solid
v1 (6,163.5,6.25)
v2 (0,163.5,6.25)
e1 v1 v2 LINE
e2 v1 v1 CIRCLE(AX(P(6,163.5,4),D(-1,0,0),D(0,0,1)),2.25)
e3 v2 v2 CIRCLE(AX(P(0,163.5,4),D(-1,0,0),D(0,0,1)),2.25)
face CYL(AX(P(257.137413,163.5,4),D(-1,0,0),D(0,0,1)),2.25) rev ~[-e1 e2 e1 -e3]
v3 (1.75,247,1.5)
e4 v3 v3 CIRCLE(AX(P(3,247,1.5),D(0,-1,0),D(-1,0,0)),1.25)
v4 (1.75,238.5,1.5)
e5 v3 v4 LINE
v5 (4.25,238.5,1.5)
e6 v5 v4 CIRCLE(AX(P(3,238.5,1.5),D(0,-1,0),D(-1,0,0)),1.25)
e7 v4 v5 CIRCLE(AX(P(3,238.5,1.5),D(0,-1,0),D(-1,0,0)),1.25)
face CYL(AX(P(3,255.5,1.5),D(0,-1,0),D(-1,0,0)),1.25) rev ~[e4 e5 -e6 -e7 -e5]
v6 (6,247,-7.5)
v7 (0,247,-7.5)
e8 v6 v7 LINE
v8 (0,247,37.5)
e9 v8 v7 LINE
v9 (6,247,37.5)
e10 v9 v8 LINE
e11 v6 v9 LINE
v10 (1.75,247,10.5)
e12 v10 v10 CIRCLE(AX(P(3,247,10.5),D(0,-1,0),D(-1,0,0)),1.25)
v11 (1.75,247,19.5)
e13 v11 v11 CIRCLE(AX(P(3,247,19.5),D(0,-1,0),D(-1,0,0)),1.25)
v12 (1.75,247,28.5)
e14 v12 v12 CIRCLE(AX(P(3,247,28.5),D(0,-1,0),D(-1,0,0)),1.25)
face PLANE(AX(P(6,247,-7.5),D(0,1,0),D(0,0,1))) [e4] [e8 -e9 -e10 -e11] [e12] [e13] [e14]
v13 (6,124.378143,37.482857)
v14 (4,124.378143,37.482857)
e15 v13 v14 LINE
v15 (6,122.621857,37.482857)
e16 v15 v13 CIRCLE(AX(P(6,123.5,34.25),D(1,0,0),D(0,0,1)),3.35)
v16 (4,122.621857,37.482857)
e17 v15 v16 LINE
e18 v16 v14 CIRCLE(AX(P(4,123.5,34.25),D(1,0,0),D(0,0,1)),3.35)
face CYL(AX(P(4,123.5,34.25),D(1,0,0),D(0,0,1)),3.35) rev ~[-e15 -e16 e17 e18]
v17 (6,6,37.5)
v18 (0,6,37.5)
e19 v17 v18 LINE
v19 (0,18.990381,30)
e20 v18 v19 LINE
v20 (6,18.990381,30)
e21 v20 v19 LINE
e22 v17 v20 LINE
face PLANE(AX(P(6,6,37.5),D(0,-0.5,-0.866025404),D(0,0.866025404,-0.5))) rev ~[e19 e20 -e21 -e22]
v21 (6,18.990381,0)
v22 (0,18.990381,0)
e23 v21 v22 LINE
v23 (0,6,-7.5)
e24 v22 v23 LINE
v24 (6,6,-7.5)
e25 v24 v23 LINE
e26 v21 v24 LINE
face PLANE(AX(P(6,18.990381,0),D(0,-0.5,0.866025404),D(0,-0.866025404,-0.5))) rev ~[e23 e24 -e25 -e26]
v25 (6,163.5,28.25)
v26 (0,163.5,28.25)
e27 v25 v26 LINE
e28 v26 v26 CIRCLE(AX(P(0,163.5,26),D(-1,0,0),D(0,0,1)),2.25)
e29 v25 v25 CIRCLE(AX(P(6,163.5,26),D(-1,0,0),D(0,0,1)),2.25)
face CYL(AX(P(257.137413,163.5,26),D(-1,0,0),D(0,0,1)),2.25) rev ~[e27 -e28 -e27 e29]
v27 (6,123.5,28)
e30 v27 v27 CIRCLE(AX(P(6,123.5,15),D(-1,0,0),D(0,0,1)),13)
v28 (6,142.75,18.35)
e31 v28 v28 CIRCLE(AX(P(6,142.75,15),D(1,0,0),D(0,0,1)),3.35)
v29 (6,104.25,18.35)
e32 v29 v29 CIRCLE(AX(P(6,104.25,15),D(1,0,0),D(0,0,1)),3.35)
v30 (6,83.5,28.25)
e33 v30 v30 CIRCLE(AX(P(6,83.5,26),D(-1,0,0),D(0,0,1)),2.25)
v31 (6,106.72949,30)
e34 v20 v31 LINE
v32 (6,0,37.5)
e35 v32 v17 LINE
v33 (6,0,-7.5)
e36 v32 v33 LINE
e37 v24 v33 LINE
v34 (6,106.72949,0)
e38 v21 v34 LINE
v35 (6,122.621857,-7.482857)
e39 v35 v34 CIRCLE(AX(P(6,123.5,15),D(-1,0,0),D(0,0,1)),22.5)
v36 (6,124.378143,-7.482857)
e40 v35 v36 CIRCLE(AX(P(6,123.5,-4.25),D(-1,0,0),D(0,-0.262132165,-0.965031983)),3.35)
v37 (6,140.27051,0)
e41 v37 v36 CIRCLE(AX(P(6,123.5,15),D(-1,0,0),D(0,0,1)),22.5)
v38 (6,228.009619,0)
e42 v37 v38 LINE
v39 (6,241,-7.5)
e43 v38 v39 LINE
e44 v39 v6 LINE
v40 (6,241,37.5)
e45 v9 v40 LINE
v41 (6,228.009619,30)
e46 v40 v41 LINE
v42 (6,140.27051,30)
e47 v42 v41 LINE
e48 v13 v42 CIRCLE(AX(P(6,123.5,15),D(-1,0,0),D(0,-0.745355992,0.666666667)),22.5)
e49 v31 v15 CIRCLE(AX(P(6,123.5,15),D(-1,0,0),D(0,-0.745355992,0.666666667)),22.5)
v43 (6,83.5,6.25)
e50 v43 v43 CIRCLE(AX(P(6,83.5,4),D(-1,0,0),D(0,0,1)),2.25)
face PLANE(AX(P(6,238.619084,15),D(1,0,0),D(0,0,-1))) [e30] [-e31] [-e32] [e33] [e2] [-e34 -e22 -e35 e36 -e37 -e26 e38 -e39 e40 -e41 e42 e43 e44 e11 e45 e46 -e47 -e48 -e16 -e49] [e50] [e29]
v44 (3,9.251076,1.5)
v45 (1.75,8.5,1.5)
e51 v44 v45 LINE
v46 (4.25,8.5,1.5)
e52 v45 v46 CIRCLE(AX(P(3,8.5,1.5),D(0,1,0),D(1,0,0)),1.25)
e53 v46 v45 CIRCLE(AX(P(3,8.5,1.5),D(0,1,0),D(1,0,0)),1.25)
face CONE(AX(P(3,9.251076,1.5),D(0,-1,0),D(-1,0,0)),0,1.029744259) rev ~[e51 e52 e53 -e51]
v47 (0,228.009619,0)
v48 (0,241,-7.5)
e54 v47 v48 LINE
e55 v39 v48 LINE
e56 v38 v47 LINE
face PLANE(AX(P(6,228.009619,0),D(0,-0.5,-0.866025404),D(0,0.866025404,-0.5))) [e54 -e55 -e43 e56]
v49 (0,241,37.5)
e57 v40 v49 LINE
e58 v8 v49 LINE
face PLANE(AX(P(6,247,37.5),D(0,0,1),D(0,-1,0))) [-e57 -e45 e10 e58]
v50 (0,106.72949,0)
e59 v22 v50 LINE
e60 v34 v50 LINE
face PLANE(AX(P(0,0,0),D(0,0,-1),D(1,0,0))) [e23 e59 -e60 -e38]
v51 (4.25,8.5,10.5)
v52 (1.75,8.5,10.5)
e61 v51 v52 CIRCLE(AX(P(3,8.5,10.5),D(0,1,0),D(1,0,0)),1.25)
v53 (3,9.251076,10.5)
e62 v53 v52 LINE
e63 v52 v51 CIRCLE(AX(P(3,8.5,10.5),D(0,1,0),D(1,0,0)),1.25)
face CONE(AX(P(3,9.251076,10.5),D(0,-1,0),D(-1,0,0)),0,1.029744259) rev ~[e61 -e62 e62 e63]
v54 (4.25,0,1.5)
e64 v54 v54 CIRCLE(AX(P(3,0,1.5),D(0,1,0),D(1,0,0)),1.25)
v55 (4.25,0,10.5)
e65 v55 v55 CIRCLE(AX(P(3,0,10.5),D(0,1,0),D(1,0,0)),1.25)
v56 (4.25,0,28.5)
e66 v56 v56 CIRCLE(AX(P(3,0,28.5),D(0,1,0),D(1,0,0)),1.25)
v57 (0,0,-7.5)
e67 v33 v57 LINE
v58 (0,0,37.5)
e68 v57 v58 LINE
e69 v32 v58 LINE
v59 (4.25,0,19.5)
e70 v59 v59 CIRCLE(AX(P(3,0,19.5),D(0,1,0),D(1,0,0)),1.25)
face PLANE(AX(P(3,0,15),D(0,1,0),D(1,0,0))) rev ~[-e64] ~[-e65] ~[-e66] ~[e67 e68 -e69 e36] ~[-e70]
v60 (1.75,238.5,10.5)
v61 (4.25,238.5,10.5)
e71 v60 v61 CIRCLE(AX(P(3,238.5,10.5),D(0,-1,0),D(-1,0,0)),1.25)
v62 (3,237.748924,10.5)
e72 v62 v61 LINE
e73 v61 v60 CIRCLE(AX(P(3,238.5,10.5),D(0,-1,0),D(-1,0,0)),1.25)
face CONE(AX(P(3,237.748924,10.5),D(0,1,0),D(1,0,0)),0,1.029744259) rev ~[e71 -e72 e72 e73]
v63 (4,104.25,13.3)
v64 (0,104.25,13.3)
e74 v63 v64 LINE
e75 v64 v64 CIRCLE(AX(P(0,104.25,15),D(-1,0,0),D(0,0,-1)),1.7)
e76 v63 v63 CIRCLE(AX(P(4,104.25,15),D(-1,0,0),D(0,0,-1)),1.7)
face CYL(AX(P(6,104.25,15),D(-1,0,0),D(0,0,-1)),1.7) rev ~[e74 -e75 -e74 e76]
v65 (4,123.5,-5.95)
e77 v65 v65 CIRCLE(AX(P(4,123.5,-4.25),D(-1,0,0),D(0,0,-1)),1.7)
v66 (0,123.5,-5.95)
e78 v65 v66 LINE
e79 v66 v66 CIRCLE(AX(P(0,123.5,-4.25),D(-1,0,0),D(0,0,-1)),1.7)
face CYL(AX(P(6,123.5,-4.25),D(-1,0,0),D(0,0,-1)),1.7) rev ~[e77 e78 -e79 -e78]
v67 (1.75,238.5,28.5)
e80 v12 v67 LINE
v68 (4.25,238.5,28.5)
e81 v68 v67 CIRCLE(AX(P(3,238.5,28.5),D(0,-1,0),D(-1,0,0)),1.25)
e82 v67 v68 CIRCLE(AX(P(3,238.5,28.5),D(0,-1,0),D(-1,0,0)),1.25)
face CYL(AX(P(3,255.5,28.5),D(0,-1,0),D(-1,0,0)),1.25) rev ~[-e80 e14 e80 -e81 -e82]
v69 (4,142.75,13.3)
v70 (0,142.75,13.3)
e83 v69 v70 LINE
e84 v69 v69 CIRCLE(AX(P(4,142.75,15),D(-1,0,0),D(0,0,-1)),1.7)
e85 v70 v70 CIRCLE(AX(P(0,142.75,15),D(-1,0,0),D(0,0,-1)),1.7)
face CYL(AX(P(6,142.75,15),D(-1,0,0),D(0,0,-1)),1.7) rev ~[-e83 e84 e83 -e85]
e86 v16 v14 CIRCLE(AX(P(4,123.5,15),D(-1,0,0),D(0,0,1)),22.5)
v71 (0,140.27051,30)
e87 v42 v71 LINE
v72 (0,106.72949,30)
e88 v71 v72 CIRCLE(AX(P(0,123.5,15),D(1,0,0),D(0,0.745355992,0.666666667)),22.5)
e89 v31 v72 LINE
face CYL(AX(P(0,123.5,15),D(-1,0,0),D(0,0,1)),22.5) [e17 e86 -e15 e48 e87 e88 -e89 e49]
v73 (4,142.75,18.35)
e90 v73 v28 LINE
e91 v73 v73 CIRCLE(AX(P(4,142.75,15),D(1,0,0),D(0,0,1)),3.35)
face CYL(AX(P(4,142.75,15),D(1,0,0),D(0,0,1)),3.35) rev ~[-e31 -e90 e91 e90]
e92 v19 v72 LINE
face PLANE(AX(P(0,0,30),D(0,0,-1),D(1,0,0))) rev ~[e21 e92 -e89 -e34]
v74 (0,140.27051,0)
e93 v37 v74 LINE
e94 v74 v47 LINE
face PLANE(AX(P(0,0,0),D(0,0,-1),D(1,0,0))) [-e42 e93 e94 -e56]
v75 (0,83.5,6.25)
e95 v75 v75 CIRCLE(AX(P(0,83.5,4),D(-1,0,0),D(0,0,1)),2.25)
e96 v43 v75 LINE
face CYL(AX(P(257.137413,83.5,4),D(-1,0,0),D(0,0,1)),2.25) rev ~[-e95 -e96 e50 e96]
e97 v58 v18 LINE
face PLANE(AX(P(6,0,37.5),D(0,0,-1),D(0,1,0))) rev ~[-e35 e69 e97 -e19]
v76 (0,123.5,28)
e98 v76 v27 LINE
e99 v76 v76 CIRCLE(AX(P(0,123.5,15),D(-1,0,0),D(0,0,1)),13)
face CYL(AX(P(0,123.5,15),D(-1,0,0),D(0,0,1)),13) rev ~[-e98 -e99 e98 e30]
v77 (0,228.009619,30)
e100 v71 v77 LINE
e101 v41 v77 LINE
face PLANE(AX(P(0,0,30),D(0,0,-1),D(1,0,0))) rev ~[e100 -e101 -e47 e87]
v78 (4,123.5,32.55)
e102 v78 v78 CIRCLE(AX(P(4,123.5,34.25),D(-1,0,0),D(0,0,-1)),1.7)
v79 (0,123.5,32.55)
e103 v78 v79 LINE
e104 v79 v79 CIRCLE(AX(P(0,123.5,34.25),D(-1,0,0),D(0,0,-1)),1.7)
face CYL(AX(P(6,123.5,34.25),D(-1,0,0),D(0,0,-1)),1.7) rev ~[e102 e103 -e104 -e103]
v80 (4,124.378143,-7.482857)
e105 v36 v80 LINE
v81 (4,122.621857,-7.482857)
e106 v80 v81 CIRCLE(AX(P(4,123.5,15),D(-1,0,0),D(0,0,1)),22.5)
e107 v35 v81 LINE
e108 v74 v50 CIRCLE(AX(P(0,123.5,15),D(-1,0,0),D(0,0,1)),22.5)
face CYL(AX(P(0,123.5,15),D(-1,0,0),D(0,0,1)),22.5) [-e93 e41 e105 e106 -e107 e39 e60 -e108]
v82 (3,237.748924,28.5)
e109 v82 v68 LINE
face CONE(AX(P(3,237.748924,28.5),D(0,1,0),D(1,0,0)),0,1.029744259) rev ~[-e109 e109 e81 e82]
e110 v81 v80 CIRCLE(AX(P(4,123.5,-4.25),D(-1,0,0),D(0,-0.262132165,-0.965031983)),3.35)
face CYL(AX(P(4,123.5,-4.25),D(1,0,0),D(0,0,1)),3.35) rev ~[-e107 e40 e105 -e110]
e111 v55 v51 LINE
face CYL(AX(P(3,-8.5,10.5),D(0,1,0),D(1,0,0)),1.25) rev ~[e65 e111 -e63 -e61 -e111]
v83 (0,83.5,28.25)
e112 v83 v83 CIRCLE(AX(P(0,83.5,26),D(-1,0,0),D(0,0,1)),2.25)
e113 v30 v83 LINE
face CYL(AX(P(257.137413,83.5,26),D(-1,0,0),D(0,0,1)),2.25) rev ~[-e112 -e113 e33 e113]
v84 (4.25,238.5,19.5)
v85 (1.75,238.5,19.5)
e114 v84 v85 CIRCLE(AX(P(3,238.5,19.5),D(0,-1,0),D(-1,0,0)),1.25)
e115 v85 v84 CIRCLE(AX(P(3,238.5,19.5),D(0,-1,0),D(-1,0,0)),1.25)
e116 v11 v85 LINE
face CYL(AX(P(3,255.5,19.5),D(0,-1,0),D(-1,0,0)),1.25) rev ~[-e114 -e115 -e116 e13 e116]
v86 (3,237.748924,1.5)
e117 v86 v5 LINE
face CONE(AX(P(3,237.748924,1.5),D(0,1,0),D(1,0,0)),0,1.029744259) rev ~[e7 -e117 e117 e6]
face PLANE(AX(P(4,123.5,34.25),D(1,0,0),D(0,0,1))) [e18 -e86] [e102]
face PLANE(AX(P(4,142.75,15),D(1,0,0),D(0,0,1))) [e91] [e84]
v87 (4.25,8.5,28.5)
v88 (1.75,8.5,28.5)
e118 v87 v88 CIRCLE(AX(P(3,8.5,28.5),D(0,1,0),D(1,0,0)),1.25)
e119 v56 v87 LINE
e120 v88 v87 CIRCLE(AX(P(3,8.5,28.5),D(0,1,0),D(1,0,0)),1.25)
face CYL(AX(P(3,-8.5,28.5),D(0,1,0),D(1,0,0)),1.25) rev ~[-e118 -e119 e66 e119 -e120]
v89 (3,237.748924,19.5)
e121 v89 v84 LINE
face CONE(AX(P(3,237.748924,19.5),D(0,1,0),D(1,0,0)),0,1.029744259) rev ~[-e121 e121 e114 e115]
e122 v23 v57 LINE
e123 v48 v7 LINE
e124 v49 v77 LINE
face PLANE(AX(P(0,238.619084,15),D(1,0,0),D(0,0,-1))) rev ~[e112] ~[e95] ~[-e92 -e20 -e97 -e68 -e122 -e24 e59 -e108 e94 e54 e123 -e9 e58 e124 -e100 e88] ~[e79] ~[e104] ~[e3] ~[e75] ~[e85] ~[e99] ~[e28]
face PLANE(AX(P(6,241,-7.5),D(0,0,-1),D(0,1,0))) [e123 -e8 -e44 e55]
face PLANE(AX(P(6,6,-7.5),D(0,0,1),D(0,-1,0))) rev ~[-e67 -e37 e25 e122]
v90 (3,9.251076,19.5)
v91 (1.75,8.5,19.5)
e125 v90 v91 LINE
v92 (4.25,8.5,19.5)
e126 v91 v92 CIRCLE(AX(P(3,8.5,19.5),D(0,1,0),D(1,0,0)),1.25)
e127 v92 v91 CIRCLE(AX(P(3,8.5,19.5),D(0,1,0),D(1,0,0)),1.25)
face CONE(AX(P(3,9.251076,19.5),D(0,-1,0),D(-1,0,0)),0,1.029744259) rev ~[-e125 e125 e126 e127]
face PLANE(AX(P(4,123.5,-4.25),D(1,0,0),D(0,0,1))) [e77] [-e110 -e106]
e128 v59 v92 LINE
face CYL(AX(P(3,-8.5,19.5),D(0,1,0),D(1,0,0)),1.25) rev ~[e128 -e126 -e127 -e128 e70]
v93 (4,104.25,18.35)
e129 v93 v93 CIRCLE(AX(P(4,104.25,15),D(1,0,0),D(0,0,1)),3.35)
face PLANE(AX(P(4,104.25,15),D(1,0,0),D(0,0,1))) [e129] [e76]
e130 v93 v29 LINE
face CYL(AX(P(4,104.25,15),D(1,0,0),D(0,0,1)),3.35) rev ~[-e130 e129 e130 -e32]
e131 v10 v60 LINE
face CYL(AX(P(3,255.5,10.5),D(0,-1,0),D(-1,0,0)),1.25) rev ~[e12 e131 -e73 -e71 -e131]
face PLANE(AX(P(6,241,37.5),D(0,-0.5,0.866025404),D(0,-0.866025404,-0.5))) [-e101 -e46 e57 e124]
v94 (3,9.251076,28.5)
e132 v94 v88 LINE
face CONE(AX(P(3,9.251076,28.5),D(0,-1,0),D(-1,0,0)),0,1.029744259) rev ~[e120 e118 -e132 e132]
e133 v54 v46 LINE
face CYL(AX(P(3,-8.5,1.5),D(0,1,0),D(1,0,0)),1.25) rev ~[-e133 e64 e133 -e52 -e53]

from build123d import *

# Parameters (mm, degrees)
SKETCH_1_W                  = 6
SKETCH_1_H                  = 30
EXTRUDE_1_DEPTH             = 247
SKETCH_2_R                  = 22.5
EXTRUDE_2_DEPTH             = 6
SKETCH_3_R                  = 13
CUT_EXTRUDE_1_DEPTH         = 250.90248098
HOLE_WIZARD_M31_D           = 3.4
HOLE_WIZARD_M31_CBORE_D     = 6.7
HOLE_WIZARD_M31_CBORE_DEPTH = 2
HOLE_WIZARD_M41_D           = 4.5
EXTRUDE_3_DEPTH             = 6
M3X0_51_D                   = 2.5
M3X0_51_DEPTH               = 8.5
M3X0_51_TIP                 = 0.751075774
M3X0_52_D                   = 2.5
M3X0_52_DEPTH               = 8.5
M3X0_52_TIP                 = 0.751075774


with BuildPart() as part:
    # Эскиз1 → Бобышка-Вытянуть1 (new body)
    with BuildSketch(Plane(origin=(0, 0, 0), x_dir=(1, 0, 0), z_dir=(0, 1, 0))):
        with Locations((3, -15)):
            Rectangle(SKETCH_1_W, SKETCH_1_H)
    extrude(amount=EXTRUDE_1_DEPTH)

    # Эскиз2 → Бобышка-Вытянуть2 (add)
    with BuildSketch(Plane.ZY):
        with Locations((15, 123.5)):
            Circle(SKETCH_2_R)
    extrude(amount=-EXTRUDE_2_DEPTH)

    # Эскиз3 → Вырез-Вытянуть1 (cut, through all)
    with BuildSketch(Plane.ZY):
        with Locations((15, 123.5)):
            Circle(SKETCH_3_R)
    extrude(amount=-CUT_EXTRUDE_1_DEPTH, mode=Mode.SUBTRACT)

    # Цековка для  винта с полукруглой головкой M31 (through all)
    with Locations(Plane(origin=(6, -25.024735225, 7.262908886), x_dir=(0, 0, 1), z_dir=(1, 0, 0))):
        with Locations((7.737091114, -167.774735225), (-11.512908886, -148.524735225), (7.737091114, -129.274735225), (26.987091114, -148.524735225)):
            CounterBoreHole(HOLE_WIZARD_M31_D / 2, HOLE_WIZARD_M31_CBORE_D / 2, HOLE_WIZARD_M31_CBORE_DEPTH)

    # Отверстие с зазором M41 (through all)
    with Locations(Plane(origin=(6, 0, 0), x_dir=(0, 0, -1), z_dir=(1, 0, 0))):
        with Locations((-26, 163.5), (-4, 163.5), (-4, 83.5), (-26, 83.5)):
            Hole(HOLE_WIZARD_M41_D / 2)

    # Эскиз11 → Бобышка-Вытянуть3 (add)
    with BuildSketch(Plane(origin=(6, 0, 0), x_dir=(0, 0, -1), z_dir=(1, 0, 0))):
        Polygon((-37.5, 241), (-30, 228.009618943), (0, 228.009618943), (7.5, 241), (7.5, 247), (-37.5, 247), align=None)
        Polygon((0, 18.990381057), (7.5, 6), (7.5, 0), (-37.5, 0), (-37.5, 6), (-30, 18.990381057), align=None)
    extrude(amount=-EXTRUDE_3_DEPTH)

    # Отверстие обработанное метчиком M3x0.51
    with Locations(Plane(origin=(0, 0, 0), x_dir=(-1, 0, 0), z_dir=(0, -1, 0))):
        with Locations((-3, -28.5), (-3, -19.5), (-3, -10.5), (-3, -1.5)):
            Hole(M3X0_51_D / 2, depth=M3X0_51_DEPTH)
            with Locations((0, 0, -(M3X0_51_DEPTH + M3X0_51_TIP / 2))):  # 118° drill point
                Cone(0, M3X0_51_D / 2, M3X0_51_TIP, mode=Mode.SUBTRACT)

    # Отверстие обработанное метчиком M3x0.52
    with Locations(Plane(origin=(0, 247, 0), x_dir=(1, 0, 0), z_dir=(0, 1, 0))):
        with Locations((3, -1.5), (3, -10.5), (3, -19.5), (3, -28.5)):
            Hole(M3X0_52_D / 2, depth=M3X0_52_DEPTH)
            with Locations((0, 0, -(M3X0_52_DEPTH + M3X0_52_TIP / 2))):  # 118° drill point
                Cone(0, M3X0_52_D / 2, M3X0_52_TIP, mode=Mode.SUBTRACT)


solid = part.part
